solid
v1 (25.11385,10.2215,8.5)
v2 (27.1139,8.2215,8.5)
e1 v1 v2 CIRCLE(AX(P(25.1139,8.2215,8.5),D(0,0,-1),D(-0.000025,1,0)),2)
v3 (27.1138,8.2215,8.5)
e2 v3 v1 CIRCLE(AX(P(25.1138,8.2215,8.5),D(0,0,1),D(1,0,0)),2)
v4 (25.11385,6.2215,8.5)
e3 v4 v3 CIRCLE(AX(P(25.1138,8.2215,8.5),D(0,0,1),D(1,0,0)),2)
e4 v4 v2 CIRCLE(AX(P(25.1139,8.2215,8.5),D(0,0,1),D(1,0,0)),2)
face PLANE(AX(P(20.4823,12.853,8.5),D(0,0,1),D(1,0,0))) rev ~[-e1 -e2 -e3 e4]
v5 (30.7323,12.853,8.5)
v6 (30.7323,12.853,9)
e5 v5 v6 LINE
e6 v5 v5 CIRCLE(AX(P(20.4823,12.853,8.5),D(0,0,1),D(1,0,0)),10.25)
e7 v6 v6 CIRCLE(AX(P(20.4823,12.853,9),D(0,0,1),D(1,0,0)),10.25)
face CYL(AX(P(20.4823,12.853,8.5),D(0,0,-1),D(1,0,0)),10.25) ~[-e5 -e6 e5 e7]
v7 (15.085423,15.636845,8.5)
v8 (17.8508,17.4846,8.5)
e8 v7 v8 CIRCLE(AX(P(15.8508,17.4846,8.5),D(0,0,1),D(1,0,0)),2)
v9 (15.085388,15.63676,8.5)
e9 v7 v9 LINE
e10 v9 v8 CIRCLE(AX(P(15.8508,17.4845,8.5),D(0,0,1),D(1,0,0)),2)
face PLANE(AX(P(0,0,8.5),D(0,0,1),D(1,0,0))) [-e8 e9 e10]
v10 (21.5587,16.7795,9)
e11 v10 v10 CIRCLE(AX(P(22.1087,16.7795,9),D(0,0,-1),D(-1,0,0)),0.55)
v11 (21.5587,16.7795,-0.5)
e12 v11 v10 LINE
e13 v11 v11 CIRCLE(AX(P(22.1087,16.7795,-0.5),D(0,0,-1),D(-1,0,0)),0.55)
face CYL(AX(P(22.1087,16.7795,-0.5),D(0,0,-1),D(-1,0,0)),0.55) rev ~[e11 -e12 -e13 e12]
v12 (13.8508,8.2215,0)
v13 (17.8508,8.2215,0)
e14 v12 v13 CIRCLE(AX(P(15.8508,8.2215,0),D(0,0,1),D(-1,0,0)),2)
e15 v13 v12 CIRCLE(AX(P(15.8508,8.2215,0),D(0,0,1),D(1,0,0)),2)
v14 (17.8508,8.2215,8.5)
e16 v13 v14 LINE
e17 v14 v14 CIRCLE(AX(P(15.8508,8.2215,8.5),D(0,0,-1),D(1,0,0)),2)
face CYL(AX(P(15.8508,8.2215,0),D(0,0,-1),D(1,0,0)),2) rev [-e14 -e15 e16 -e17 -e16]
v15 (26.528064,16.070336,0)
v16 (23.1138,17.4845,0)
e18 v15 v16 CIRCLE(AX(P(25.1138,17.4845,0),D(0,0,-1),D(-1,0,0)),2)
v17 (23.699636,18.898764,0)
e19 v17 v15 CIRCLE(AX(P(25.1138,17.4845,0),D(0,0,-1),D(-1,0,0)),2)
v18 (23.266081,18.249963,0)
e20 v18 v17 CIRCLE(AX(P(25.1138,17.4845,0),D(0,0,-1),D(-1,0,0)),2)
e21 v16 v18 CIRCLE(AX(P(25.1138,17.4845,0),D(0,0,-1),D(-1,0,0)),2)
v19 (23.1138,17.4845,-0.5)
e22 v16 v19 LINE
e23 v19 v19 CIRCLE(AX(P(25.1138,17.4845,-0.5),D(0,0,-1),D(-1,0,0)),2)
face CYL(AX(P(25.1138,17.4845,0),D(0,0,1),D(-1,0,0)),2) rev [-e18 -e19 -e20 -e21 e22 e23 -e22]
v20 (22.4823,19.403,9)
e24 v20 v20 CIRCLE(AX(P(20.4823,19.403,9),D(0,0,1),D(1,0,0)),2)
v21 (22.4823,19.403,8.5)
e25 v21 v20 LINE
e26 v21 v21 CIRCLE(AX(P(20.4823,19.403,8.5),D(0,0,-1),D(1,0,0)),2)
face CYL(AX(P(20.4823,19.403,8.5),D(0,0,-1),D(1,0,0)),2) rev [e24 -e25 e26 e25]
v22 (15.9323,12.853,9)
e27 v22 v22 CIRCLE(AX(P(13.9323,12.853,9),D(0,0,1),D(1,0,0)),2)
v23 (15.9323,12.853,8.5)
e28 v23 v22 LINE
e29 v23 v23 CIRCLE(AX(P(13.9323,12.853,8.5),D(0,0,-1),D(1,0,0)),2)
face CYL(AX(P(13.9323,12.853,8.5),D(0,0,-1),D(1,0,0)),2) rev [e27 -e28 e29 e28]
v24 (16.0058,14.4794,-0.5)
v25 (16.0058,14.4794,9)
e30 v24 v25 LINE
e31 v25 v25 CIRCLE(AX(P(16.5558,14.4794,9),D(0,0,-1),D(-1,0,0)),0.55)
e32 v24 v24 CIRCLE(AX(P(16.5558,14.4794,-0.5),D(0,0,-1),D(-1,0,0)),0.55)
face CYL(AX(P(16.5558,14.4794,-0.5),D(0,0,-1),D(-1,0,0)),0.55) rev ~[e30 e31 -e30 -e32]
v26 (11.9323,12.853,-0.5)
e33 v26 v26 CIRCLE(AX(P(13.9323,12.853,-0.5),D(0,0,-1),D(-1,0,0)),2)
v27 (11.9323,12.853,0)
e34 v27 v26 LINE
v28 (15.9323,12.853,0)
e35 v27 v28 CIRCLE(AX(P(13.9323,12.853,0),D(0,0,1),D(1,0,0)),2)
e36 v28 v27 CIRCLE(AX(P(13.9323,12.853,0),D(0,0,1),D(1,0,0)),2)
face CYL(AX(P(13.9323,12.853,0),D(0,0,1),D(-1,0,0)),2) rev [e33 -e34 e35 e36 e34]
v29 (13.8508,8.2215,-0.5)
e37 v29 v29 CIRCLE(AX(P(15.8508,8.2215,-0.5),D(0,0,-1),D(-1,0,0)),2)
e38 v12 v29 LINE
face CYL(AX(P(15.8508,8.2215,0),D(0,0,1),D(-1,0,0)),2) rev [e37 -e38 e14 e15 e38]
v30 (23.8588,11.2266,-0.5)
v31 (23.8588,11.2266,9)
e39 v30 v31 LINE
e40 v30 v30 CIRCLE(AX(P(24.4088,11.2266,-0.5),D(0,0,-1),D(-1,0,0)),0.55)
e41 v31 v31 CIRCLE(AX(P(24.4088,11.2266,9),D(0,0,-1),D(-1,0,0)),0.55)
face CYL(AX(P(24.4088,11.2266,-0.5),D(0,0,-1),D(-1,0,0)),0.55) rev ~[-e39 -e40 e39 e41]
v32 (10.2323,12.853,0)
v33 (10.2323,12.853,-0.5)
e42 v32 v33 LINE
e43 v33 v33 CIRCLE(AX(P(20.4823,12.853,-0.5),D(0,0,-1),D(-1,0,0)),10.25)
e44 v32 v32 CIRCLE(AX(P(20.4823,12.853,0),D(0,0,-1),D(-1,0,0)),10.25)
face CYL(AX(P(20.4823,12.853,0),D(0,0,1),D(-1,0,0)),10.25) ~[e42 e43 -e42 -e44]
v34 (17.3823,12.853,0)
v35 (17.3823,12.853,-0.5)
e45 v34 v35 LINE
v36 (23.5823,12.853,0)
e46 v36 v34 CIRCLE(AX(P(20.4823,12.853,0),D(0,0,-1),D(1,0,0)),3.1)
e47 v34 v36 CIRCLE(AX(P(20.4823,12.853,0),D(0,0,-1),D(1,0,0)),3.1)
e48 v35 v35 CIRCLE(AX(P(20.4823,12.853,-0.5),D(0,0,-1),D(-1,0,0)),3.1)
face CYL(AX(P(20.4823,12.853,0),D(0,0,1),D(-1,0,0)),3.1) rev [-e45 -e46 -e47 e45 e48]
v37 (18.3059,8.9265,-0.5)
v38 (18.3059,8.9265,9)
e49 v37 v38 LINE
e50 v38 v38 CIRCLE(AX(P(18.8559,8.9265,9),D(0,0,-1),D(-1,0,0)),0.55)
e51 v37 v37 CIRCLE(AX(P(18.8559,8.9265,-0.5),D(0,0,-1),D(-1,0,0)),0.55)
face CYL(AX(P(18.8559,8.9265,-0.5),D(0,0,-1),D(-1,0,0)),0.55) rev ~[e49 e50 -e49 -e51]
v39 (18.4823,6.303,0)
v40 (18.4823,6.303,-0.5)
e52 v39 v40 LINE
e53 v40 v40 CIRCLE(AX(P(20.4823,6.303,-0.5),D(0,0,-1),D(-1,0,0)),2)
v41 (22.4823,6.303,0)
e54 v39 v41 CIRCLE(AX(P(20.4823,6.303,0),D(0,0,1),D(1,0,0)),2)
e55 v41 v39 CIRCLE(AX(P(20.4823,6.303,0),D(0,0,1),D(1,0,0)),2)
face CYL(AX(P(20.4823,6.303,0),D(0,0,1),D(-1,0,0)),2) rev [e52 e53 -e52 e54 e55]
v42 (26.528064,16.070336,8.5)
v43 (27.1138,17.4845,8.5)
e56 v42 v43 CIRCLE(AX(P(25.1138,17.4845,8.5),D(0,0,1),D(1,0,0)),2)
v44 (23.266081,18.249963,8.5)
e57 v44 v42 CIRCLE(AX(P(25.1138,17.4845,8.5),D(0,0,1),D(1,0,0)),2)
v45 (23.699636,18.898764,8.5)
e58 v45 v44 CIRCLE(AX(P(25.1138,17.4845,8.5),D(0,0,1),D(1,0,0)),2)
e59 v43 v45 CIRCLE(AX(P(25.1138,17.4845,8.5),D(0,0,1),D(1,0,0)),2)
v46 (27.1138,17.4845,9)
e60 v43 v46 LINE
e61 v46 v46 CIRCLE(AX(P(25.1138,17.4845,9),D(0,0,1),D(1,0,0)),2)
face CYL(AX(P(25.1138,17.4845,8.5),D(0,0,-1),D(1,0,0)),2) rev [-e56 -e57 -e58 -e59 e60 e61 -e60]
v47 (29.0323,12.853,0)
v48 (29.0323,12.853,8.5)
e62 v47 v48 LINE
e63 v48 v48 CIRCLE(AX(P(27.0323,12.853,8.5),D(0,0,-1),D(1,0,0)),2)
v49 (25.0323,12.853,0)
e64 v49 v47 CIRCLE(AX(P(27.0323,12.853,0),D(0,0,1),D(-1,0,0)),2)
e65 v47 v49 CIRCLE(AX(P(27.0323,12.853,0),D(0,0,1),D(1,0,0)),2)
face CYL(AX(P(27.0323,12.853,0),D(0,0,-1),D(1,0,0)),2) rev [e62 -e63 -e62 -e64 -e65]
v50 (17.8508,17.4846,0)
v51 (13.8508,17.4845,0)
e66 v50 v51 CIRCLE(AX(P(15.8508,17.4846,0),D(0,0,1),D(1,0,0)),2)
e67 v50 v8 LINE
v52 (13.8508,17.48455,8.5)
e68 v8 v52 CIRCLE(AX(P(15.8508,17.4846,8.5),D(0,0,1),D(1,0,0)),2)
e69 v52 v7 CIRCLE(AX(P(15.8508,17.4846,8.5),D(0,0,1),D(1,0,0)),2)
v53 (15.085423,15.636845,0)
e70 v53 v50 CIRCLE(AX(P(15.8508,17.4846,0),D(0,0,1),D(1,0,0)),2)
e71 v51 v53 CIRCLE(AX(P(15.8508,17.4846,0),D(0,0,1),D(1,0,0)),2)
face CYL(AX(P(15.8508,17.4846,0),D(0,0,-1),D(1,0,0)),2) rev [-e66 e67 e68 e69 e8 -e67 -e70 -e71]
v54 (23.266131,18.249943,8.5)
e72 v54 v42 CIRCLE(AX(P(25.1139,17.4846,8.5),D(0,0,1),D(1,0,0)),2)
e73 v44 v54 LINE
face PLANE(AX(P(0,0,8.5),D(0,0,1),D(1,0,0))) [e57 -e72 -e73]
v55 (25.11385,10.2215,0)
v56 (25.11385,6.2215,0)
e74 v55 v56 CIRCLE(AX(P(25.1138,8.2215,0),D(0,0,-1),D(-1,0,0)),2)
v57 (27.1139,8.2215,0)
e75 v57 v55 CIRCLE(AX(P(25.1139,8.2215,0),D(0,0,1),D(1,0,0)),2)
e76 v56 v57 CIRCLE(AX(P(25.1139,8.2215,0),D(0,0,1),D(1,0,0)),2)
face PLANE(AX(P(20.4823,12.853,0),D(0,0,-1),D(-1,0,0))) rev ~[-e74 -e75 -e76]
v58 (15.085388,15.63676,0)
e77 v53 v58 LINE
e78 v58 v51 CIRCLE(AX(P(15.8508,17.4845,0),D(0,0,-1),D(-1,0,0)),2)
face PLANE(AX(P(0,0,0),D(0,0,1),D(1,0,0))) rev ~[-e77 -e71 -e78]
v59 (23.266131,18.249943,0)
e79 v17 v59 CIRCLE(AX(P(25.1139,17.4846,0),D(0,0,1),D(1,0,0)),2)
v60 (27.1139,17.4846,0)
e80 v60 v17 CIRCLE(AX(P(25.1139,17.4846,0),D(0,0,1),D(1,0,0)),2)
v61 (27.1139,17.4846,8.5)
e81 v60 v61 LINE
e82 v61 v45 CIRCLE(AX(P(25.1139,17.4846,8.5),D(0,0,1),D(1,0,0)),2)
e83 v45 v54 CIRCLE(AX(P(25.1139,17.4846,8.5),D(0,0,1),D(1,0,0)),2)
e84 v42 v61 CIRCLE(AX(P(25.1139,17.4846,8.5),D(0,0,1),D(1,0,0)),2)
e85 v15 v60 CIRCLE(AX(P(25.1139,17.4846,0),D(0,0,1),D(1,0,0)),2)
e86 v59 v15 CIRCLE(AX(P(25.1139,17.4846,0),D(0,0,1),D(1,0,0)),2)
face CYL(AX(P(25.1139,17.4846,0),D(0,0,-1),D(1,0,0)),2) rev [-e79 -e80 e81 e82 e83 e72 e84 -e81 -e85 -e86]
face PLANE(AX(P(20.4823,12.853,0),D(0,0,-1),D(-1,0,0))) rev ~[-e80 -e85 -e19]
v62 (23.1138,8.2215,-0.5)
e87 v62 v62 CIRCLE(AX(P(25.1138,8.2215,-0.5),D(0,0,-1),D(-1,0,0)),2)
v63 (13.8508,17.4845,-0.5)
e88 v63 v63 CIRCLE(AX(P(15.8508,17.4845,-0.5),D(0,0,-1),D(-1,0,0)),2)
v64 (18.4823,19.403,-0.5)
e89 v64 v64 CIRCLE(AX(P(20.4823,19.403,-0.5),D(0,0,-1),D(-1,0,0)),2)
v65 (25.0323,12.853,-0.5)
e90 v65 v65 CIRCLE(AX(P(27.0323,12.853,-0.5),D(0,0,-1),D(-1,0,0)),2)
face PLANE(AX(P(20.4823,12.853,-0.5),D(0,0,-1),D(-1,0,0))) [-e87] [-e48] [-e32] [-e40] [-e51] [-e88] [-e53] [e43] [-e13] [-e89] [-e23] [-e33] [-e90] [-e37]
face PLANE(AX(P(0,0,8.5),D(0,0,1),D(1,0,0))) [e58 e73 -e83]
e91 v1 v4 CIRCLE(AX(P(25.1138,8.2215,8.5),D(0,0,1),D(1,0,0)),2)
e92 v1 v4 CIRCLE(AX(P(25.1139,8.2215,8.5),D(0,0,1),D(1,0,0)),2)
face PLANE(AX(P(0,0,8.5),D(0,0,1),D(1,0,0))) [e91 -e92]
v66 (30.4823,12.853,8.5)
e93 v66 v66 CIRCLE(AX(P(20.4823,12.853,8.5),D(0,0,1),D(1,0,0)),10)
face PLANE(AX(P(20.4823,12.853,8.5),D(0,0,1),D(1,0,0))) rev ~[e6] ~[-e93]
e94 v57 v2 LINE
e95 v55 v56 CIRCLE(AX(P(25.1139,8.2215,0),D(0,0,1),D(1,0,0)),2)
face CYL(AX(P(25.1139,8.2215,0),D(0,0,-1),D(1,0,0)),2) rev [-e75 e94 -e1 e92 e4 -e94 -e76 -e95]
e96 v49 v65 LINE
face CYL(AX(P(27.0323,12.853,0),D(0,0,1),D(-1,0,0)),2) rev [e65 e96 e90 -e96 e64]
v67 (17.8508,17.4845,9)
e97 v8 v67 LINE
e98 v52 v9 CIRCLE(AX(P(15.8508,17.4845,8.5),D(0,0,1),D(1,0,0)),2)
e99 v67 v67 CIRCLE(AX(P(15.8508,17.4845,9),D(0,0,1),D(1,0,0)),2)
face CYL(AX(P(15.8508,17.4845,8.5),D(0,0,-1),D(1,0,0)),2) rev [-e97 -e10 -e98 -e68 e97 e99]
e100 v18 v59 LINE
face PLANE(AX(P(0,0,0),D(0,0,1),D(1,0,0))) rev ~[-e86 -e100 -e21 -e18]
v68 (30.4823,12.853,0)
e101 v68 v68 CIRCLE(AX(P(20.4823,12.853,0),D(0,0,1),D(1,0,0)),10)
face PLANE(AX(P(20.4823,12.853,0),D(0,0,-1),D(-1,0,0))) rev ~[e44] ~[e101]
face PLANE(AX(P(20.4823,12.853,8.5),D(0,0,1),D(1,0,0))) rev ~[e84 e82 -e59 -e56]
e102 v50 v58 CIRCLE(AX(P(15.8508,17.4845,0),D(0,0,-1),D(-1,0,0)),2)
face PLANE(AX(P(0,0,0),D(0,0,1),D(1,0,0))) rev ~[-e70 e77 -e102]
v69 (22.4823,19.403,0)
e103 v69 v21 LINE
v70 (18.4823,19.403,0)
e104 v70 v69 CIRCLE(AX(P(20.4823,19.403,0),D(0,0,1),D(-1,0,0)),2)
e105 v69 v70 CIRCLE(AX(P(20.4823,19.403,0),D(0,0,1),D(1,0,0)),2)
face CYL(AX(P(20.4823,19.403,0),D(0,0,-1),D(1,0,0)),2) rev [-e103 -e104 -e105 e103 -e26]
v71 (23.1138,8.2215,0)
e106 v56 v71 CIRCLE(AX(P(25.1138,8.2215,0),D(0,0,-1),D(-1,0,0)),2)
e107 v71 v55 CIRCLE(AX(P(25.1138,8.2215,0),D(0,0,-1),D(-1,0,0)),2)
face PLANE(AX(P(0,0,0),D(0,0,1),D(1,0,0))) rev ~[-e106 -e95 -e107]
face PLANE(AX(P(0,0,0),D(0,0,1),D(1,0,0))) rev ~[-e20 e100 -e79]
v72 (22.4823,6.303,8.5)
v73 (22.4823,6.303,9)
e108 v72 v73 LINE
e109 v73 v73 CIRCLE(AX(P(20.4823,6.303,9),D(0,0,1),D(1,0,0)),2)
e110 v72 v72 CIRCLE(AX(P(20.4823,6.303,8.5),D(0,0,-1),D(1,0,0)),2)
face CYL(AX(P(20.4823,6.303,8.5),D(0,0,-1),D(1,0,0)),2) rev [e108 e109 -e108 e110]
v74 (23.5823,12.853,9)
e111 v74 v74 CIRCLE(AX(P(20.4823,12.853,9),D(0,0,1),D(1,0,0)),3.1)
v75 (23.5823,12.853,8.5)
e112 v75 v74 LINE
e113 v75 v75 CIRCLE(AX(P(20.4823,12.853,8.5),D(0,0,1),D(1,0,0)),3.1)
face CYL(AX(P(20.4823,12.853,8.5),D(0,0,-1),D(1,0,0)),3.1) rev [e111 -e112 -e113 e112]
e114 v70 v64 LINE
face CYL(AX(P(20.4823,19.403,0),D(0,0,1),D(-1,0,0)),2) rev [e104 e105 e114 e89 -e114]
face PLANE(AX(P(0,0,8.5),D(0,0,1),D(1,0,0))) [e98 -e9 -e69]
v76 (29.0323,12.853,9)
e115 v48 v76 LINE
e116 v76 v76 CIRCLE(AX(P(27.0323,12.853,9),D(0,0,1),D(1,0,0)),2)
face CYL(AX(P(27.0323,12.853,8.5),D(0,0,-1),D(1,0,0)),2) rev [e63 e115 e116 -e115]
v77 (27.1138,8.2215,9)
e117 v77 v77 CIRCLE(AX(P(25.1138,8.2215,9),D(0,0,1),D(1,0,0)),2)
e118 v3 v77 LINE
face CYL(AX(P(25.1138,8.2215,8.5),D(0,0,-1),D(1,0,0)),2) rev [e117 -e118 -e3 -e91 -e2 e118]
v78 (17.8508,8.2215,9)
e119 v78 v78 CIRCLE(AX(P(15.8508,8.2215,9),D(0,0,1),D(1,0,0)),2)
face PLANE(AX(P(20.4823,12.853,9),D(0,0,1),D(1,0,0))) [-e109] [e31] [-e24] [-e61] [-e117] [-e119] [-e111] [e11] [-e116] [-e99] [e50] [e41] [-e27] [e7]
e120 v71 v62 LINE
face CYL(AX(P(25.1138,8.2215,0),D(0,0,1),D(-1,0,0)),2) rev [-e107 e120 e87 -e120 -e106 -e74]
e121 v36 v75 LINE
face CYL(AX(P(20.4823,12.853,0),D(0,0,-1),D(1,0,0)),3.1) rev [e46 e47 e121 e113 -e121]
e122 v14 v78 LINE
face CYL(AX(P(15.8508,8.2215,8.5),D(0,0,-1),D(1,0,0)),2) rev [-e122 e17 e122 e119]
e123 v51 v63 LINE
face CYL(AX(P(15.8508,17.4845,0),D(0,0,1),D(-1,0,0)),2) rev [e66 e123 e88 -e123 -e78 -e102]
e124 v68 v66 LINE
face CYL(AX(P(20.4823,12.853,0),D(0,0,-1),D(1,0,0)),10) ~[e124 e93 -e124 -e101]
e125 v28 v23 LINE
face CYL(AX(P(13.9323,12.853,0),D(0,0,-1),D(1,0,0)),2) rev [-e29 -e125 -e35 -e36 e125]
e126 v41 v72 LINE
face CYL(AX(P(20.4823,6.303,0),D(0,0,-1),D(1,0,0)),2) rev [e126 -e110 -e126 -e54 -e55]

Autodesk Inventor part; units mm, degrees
ref_plane "YZ Plane" through (0, 0, 0) normal (1, 0, 0) x (0, 1, 0)
ref_plane "XZ Plane" through (0, 0, 0) normal (0, 1, 0) x (-1, 0, 0)
ref_plane "XY Plane" through (0, 0, 0) normal (0, 0, 1) x (1, 0, 0)
sketch "Sketch1" plane through (0, 0, 0) normal (0, 0, 1) x (1, 0, 0)
  circle A0 centre (20.4823, 12.853) radius 3.1
  circle A1 centre (20.4823, 12.853) radius 10
  circle A2 centre (27.0323, 12.853) radius 2
  circle A3 centre (25.1139, 17.4846) radius 2
  circle A4 centre (20.4823, 19.403) radius 2
  circle A5 centre (15.8508, 17.4846) radius 2
  circle A6 centre (13.9323, 12.853) radius 2
  circle A7 centre (15.8508, 8.2215) radius 2
  circle A8 centre (20.4823, 6.303) radius 2
  circle A9 centre (25.1139, 8.2215) radius 2
  line L0 (15.8508, 17.4846) -> (13.9323, 12.853)
  line L1 (14.8916, 15.1688) -> (17.6183, 14.0393)
  line L2 (20.4823, 19.403) -> (25.1139, 17.4846)
  line L3 (22.7981, 18.4438) -> (21.6686, 15.717)
  line L4 (27.0323, 12.853) -> (25.1139, 8.2215)
  line L5 (26.0731, 10.5372) -> (23.3464, 11.6667)
  line L6 (15.8508, 8.2215) -> (20.4823, 6.303)
  line L7 (18.1666, 7.2622) -> (19.296, 9.989)
  circle A10 centre (20.4823, 12.853) radius 4.25
  circle A11 centre (16.5558, 14.4794) radius 0.5
  circle A12 centre (22.1087, 16.7795) radius 0.5
  circle A13 centre (24.4088, 11.2266) radius 0.5
  circle A14 centre (18.8559, 8.9265) radius 0.5
  point P0 (0, 0)
  dimension "d0" = 8.5
  dimension "d1" = 1
  dimension "d2" = 1
  dimension "d3" = 1
  dimension "d4" = 1
extrude "Extrusion1" add sketch "Sketch1" along normal blind 8.5 contours A0 L3 A12 A10 A13 L5 | A0 L1 A11 A10 A12 L3 | L5 A13 A10 A14 L7 A0 | A0 L7 A14 A10 A11 L1 | A1
sketch "Sketch2" plane through (20.4823, 12.853, 0) normal (0, 0, -1) x (-1, 0, 0)
  circle A0 centre (0, 0) radius 10.25
  circle A1 centre (1.6264, -3.9265) radius 0.5 projected
  circle A2 centre (1.6264, -3.9265) radius 0.5
  circle A3 centre (3.9265, 1.6264) radius 0.5 projected
  circle A4 centre (3.9265, 1.6264) radius 0.5
  circle A5 centre (-1.6264, 3.9265) radius 0.5 projected
  circle A6 centre (-1.6264, 3.9265) radius 0.5
  circle A7 centre (-3.9265, -1.6264) radius 0.5 projected
  circle A8 centre (-3.9265, -1.6264) radius 0.5
  circle A9 centre (6.55, 0) radius 2 projected
  circle A10 centre (6.55, 0) radius 2
  circle A11 centre (4.6315, -4.6315) radius 2 projected
  circle A12 centre (4.6315, -4.6315) radius 2
  circle A13 centre (0, -6.55) radius 2 projected
  circle A14 centre (0, -6.55) radius 2
  circle A15 centre (-4.6315, -4.6315) radius 2 projected
  circle A16 centre (-4.6315, -4.6315) radius 2
  circle A17 centre (-6.55, 0) radius 2 projected
  circle A18 centre (-6.55, 0) radius 2
  circle A19 centre (-4.6315, 4.6315) radius 2 projected
  circle A20 centre (-4.6315, 4.6315) radius 2
  circle A21 centre (0, 6.55) radius 2 projected
  circle A22 centre (0, 6.55) radius 2
  circle A23 centre (4.6315, 4.6315) radius 2 projected
  circle A24 centre (4.6315, 4.6315) radius 2
  circle A25 centre (0, 0) radius 3.1
  point P0 (20.4823, -12.853)
  dimension "d7" = 20.5
extrude "Extrusion2" add sketch "Sketch2" along normal blind 0.5
sketch "Sketch3" plane through (20.4823, 12.853, 8.5) normal (0, 0, 1) x (1, 0, 0)
  circle A0 centre (0, 0) radius 10.25
  circle A1 centre (4.6315, 4.6315) radius 2 projected
  circle A2 centre (4.6315, 4.6315) radius 2
  circle A3 centre (6.55, 0) radius 2 projected
  circle A4 centre (6.55, 0) radius 2
  circle A5 centre (4.6315, -4.6315) radius 2 projected
  circle A6 centre (4.6315, -4.6315) radius 2
  circle A7 centre (0, -6.55) radius 2 projected
  circle A8 centre (0, -6.55) radius 2
  circle A9 centre (-4.6315, -4.6315) radius 2 projected
  circle A10 centre (-4.6315, -4.6315) radius 2
  circle A11 centre (-1.6264, -3.9265) radius 0.5 projected
  circle A12 centre (-1.6264, -3.9265) radius 0.5
  circle A13 centre (-6.55, 0) radius 2 projected
  circle A14 centre (-6.55, 0) radius 2
  circle A15 centre (-3.9265, 1.6264) radius 0.5 projected
  circle A16 centre (-3.9265, 1.6264) radius 0.5
  circle A17 centre (-4.6315, 4.6315) radius 2 projected
  circle A18 centre (-4.6315, 4.6315) radius 2
  circle A19 centre (0, 6.55) radius 2 projected
  circle A20 centre (0, 6.55) radius 2
  circle A21 centre (1.6264, 3.9265) radius 0.5 projected
  circle A22 centre (1.6264, 3.9265) radius 0.5
  circle A23 centre (3.9265, -1.6264) radius 0.5 projected
  circle A24 centre (3.9265, -1.6264) radius 0.5
  circle A25 centre (0, 0) radius 3.1
  point P0 (-20.4823, -12.853)
  dimension "d10" = 20.5
extrude "Extrusion3" add sketch "Sketch3" along normal blind 0.5
sketch "Sketch4" plane through (20.4823, 12.853, -0.5) normal (0, 0, -1) x (-1, 0, 0)
  circle A0 centre (1.6264, -3.9265) radius 0.5 projected
  circle A1 centre (1.6264, -3.9265) radius 0.55
  circle A2 centre (3.9265, 1.6264) radius 0.5 projected
  circle A3 centre (3.9265, 1.6264) radius 0.55
  circle A4 centre (-1.6264, 3.9265) radius 0.5 projected
  circle A5 centre (-1.6264, 3.9265) radius 0.55
  circle A6 centre (-3.9265, -1.6264) radius 0.5 projected
  circle A7 centre (-3.9265, -1.6264) radius 0.55
  point P0 (20.4823, -12.853)
  dimension "d13" = 1.1
  dimension "d14" = 1.1
  dimension "d15" = 1.1
  dimension "d16" = 1.1
extrude "Extrusion4" cut sketch "Sketch4" against normal blind 10 contours A0 | A1 | A2 | A3 | A4 | A5 | A6 | A7
sketch "Sketch5" plane through (20.4823, 12.853, 9) normal (0, 0, 1) x (1, 0, 0)
  point P0 (-20.4823, -12.853)
properties part number "RimV1"
